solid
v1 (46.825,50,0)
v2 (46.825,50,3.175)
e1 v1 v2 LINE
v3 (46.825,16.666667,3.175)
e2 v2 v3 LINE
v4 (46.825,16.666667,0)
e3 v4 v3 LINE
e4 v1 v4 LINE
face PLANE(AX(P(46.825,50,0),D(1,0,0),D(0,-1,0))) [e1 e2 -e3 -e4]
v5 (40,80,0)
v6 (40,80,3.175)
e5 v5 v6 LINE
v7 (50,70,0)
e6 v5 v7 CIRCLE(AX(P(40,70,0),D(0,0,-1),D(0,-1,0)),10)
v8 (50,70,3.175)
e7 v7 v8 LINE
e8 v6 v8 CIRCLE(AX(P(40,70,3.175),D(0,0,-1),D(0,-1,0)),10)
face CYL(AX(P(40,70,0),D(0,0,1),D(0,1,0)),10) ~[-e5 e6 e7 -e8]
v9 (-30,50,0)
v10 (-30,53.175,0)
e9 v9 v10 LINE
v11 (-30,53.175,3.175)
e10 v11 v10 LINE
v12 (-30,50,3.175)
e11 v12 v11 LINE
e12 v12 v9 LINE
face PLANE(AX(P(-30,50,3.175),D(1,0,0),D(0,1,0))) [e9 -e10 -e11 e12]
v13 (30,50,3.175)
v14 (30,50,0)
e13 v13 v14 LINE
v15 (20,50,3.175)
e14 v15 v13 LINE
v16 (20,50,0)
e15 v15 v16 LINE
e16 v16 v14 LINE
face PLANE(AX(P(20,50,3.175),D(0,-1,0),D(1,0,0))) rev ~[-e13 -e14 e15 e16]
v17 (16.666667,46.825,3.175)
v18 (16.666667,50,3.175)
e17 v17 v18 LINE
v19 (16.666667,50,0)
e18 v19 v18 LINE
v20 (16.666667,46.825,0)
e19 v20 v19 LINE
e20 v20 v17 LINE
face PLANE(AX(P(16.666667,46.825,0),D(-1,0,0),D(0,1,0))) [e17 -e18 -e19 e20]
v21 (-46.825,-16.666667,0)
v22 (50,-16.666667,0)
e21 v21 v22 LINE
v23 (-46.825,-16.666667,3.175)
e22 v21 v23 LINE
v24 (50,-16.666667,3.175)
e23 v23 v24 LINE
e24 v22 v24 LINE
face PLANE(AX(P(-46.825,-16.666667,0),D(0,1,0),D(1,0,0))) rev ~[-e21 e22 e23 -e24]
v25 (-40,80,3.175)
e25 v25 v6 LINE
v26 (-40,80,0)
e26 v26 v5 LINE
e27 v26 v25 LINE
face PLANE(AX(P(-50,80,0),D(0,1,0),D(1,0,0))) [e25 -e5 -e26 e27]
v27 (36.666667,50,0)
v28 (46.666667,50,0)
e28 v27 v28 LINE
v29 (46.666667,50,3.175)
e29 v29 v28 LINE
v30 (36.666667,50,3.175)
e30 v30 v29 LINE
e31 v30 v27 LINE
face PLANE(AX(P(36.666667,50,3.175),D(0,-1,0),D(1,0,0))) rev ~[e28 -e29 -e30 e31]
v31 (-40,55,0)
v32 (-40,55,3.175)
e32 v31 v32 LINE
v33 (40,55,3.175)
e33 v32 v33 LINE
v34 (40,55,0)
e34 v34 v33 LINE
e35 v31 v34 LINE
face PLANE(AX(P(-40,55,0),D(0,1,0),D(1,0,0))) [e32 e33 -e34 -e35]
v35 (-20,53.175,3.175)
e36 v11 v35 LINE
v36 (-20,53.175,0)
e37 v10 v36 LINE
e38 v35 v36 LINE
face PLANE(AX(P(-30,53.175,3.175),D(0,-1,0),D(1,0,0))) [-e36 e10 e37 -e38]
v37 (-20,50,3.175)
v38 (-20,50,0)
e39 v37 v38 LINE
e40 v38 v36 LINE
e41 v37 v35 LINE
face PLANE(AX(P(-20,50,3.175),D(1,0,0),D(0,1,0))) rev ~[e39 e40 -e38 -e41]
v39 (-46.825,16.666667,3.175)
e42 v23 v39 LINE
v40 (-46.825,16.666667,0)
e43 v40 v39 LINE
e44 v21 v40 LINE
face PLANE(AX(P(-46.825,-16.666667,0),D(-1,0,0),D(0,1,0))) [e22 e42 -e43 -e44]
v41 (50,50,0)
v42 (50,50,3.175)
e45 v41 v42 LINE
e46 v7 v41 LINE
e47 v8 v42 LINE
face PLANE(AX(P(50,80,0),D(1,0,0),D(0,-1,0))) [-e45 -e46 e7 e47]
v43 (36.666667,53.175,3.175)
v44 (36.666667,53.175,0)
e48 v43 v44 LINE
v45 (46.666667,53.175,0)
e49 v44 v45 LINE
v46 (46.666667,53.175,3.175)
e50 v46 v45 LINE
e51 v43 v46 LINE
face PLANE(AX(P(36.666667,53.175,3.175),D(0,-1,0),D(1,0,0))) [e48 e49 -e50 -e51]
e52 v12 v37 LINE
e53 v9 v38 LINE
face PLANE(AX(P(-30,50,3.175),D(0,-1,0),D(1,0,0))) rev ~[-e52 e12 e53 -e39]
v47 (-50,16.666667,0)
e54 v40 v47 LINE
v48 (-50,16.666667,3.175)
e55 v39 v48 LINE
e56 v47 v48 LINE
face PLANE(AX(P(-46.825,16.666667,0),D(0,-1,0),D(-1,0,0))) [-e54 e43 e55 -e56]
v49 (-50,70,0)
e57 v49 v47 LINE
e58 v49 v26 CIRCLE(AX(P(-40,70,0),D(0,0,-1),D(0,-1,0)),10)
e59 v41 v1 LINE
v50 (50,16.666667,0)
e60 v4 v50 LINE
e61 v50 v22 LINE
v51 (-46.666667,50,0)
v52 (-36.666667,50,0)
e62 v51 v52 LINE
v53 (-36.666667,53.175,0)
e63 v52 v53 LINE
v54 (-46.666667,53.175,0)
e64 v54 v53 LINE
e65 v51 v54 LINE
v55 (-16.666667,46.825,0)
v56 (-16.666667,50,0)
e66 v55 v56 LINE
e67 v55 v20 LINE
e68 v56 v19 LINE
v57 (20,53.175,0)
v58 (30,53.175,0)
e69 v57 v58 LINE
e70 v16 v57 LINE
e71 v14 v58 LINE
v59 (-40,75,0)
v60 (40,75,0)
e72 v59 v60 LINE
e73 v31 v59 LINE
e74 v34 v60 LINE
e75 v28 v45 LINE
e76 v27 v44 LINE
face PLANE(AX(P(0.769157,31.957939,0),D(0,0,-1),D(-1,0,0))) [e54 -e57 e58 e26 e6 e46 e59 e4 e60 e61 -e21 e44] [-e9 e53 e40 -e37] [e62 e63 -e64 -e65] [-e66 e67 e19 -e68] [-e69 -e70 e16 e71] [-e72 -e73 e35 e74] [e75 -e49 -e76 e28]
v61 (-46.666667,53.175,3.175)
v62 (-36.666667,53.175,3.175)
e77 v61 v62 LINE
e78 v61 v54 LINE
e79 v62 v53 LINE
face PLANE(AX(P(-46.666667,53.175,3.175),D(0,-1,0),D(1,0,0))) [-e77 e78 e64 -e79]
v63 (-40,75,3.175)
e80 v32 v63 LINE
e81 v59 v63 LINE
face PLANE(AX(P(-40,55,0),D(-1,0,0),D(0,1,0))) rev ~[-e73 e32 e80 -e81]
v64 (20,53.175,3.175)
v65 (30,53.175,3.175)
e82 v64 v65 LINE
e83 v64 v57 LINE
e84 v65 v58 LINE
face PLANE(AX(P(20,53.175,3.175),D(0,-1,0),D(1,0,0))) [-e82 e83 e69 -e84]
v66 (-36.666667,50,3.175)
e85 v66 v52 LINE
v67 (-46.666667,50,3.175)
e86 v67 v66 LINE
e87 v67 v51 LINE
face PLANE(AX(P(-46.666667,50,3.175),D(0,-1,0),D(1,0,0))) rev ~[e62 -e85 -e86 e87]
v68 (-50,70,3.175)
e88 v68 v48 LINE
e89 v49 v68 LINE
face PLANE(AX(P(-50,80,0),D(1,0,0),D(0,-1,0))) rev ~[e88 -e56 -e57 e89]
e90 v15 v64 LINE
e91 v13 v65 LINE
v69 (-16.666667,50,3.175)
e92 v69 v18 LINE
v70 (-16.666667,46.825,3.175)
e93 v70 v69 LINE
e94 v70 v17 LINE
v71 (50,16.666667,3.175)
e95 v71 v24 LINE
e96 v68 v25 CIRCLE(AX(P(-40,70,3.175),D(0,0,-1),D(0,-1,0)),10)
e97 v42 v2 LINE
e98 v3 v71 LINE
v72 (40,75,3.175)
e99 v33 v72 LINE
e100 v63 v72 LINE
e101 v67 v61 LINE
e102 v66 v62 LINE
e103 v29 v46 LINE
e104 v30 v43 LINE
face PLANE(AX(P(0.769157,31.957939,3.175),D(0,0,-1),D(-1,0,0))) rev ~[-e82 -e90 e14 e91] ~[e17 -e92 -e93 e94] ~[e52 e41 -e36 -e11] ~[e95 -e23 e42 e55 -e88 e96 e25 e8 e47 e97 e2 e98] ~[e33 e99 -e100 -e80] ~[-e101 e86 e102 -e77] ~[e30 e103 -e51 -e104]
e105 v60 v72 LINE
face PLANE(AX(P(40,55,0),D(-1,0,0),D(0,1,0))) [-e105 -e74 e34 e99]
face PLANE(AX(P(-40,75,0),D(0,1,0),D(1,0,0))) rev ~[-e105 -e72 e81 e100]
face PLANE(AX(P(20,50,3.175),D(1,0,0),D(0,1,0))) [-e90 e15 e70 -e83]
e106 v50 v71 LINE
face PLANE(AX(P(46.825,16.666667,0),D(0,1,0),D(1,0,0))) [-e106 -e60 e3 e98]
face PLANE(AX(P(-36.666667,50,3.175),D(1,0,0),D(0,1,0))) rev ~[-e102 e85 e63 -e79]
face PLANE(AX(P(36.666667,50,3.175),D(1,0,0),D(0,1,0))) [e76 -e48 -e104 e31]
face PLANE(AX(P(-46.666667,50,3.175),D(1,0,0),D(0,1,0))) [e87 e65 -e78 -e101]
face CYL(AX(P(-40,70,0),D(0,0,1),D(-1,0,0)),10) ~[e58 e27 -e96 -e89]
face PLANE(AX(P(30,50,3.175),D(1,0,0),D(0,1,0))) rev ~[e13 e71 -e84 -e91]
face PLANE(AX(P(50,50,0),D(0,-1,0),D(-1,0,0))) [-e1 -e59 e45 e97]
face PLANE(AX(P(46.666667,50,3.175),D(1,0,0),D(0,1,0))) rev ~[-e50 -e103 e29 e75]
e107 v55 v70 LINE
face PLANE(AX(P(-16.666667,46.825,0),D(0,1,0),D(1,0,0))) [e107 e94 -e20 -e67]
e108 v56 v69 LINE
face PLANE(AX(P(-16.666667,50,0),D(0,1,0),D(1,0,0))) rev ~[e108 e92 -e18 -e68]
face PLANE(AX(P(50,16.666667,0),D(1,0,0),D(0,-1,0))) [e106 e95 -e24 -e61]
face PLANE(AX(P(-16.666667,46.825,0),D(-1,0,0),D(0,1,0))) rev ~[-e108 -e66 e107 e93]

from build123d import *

# Parameters (mm, degrees)
SKETCH1_W           = 33.333333334
SKETCH1_H           = 3.175
SKETCH1_W_2         = 80
SKETCH1_H_2         = 20
BOSS_EXTRUDE1_DEPTH = 3.175
FILLET1_R           = 10
SKETCH2_W           = 10
SKETCH2_H           = 3.175
CUT_EXTRUDE1_DEPTH  = 3.175


with BuildPart() as part:
    # Sketch1 → Boss-Extrude1 (new body)
    with BuildSketch(Plane.XY):
        Polygon((-50, 16.666666667), (-50, 50), (-50, 80), (50, 80), (50, 50), (46.825, 50), (46.825, 16.666666667), (50, 16.666666667), (50, -16.666666667), (46.825, -16.666666667), (-46.825, -16.666666667), (-46.825, 16.666666667), align=None)
        with Locations((0, 48.4125)):
            Rectangle(SKETCH1_W, SKETCH1_H, mode=Mode.SUBTRACT)
        with Locations((0, 65)):
            Rectangle(SKETCH1_W_2, SKETCH1_H_2, mode=Mode.SUBTRACT)
    extrude(amount=BOSS_EXTRUDE1_DEPTH)

    # Fillet1
    fillet1_edges = [part.edges().sort_by_distance(p)[0] for p in [
        (-50, 80, 1.5875),
        (50, 80, 1.5875),
    ]]
    fillet(fillet1_edges, radius=FILLET1_R)

    # Sketch2 → Cut-Extrude1 (cut)
    with BuildSketch(Plane.XY.offset(3.175)):
        with Locations((25, 51.5875)):
            Rectangle(SKETCH2_W, SKETCH2_H)
        with Locations((-41.666666667, 51.5875)):
            Rectangle(SKETCH2_W, SKETCH2_H)
        with Locations((-25, 51.5875)):
            Rectangle(SKETCH2_W, SKETCH2_H)
        with Locations((41.666666667, 51.5875)):
            Rectangle(SKETCH2_W, SKETCH2_H)
    extrude(amount=-CUT_EXTRUDE1_DEPTH, mode=Mode.SUBTRACT)


solid = part.part
